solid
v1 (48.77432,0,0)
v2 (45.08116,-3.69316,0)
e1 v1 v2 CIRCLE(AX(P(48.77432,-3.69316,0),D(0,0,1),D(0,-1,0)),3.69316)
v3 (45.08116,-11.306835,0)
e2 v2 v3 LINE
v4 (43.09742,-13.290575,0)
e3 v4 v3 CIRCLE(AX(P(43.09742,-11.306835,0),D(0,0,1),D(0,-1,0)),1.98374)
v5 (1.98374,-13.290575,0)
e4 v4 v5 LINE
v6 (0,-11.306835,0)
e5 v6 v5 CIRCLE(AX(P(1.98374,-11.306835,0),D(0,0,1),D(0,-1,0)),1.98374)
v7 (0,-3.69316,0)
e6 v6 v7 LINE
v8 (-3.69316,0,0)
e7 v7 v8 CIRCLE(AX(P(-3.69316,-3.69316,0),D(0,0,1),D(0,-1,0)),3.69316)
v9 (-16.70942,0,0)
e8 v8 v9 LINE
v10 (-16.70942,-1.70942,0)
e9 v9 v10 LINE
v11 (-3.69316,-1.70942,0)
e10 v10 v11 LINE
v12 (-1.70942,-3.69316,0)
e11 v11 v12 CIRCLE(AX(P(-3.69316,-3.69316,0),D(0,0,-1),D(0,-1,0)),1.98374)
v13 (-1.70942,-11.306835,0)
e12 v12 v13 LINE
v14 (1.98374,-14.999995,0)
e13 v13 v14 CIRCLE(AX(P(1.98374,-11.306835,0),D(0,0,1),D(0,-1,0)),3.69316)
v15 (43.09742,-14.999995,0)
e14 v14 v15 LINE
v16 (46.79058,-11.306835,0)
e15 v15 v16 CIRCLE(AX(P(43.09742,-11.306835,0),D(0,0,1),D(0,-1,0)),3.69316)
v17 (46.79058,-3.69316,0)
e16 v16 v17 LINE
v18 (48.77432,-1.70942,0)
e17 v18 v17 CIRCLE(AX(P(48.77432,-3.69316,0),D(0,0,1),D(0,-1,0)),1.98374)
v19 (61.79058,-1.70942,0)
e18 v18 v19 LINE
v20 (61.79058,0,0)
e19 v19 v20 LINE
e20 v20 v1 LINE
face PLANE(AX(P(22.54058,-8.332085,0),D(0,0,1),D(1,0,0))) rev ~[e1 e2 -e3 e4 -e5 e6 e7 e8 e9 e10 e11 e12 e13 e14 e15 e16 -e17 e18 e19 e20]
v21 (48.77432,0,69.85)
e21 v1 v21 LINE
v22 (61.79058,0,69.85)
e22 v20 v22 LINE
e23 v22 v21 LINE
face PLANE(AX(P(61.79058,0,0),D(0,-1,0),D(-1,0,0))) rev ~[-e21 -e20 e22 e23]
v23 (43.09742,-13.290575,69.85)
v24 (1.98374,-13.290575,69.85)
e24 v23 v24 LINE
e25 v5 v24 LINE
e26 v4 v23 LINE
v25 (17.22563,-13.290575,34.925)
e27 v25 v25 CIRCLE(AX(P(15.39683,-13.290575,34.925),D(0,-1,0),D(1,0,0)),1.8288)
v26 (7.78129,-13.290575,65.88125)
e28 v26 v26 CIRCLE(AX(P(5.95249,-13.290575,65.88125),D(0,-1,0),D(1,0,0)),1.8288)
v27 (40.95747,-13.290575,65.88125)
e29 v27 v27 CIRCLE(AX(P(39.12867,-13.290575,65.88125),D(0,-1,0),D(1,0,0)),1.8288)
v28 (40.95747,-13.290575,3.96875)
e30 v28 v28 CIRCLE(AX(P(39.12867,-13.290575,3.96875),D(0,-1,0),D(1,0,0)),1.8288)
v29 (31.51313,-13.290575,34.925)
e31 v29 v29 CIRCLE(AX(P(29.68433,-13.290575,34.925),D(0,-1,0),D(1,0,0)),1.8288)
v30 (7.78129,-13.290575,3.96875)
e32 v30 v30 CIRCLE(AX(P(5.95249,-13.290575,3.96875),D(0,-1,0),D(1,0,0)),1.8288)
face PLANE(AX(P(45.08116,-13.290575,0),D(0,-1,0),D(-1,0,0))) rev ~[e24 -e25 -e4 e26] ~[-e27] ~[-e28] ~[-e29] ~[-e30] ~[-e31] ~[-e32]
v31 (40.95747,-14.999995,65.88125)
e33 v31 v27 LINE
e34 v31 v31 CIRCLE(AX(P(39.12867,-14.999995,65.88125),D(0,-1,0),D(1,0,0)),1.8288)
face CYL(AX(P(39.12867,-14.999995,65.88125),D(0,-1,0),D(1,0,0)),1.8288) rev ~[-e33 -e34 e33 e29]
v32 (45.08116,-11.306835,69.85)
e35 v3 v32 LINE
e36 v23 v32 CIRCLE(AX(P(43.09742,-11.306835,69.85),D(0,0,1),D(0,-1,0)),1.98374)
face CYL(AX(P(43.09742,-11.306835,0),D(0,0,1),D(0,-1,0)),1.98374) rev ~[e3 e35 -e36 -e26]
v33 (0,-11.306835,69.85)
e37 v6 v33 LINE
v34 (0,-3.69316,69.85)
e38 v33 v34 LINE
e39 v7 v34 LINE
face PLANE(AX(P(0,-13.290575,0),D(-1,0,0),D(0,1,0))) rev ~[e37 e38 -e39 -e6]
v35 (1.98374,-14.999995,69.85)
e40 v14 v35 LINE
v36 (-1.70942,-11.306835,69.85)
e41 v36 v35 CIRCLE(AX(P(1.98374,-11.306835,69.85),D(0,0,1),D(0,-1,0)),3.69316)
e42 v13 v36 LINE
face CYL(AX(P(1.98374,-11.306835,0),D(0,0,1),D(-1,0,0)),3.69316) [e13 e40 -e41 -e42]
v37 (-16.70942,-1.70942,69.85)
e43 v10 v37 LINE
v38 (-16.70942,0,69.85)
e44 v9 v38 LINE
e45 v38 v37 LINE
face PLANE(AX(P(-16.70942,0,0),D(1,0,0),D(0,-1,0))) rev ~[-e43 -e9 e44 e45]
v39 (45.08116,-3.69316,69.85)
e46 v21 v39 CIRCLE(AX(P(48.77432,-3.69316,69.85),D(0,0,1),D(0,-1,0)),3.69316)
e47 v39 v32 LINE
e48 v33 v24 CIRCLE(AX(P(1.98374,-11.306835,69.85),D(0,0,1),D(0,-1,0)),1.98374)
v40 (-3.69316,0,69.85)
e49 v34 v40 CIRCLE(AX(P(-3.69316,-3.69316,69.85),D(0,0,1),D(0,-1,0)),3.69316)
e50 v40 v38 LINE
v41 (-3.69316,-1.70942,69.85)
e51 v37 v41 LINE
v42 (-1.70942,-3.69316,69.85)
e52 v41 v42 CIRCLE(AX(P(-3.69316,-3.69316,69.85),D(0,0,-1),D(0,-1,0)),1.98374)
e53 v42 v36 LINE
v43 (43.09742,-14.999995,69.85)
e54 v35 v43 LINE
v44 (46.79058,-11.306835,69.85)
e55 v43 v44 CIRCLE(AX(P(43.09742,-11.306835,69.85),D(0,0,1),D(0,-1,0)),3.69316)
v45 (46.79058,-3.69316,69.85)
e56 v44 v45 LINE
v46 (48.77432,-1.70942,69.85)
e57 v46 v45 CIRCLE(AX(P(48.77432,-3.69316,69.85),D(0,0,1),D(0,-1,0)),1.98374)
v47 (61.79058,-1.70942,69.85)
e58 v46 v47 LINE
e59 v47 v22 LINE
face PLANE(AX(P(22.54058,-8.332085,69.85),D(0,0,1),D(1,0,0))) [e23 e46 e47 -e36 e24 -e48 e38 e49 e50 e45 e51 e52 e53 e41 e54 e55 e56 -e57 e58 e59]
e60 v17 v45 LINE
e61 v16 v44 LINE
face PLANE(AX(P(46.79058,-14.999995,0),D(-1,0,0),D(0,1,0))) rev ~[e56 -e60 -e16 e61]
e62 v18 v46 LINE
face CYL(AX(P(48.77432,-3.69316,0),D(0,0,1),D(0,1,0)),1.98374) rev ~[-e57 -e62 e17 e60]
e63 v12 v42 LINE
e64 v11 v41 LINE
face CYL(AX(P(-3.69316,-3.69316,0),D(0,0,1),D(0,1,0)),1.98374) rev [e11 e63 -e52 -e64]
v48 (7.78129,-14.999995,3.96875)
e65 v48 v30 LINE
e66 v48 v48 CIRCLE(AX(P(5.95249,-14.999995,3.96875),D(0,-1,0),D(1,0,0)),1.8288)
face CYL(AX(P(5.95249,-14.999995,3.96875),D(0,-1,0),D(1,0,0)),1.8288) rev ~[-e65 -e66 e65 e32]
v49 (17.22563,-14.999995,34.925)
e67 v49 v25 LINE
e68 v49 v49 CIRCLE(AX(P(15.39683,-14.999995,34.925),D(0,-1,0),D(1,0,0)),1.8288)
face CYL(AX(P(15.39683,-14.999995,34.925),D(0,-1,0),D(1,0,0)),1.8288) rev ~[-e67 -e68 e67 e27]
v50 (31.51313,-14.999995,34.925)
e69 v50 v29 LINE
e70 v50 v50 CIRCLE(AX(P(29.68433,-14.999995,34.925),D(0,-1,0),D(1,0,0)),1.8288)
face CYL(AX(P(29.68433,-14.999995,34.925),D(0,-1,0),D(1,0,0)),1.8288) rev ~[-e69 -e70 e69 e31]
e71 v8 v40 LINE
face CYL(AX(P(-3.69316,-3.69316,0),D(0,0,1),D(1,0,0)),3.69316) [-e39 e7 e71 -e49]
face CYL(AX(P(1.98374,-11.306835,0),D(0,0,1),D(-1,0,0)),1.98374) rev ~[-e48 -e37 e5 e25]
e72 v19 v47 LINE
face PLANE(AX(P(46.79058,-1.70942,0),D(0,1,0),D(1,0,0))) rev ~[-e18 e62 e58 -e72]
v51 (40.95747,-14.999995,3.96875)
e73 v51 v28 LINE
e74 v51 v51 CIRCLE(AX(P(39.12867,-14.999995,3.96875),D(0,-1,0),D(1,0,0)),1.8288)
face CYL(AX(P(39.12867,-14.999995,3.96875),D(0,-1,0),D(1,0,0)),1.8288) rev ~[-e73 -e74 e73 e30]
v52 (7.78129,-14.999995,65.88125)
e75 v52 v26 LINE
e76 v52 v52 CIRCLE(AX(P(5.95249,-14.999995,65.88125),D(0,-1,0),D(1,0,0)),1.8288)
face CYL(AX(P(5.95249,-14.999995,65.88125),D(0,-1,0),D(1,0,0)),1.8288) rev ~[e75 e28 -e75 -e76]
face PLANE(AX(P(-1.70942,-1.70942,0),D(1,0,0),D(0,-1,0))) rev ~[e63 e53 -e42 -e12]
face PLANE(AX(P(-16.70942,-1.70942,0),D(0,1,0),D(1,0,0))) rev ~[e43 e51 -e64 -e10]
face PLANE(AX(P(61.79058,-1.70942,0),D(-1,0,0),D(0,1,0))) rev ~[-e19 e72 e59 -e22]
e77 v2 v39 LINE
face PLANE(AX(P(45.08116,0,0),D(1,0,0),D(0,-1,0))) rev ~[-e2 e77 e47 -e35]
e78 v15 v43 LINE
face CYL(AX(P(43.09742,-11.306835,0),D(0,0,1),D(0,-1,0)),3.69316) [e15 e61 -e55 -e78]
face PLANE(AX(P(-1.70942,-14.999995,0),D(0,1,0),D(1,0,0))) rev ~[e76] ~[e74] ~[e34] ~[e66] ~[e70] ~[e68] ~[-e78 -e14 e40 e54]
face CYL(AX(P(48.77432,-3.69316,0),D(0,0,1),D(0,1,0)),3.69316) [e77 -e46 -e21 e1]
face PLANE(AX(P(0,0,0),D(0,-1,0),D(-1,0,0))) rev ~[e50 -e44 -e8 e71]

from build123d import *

# Parameters (mm, degrees)
F1_DEPTH = 69.85
F2_R     = 3.69316
F3_R     = 1.98374
F4_R     = 1.8288
F5_DEPTH = 1.70942


with BuildPart() as f1:
    # F0 (on Top) → F1 (new body)
    with BuildSketch(Plane.XY):
        Polygon((0, -13.290575), (0, 0), (-16.70942, 0), (-16.70942, -1.70942), (-1.70942, -1.70942), (-1.70942, -14.999995), (46.79058, -14.999995), (46.79058, -1.70942), (61.79058, -1.70942), (61.79058, 0), (45.08116, 0), (45.08116, -13.290575), align=None)
    extrude(amount=F1_DEPTH)

    # F2
    f2_edges = [f1.edges().sort_by_distance(p)[0] for p in [
        (46.79058, -14.999995, 34.925),
        (-1.70942, -14.999995, 34.925),
        (0, 0, 34.925),
        (45.08116, 0, 34.925),
    ]]
    fillet(f2_edges, radius=F2_R)

    # F3
    f3_edges = [f1.edges().sort_by_distance(p)[0] for p in [
        (0, -13.290575, 34.925),
        (45.08116, -13.290575, 34.925),
        (46.79058, -1.70942, 34.925),
        (-1.70942, -1.70942, 34.925),
    ]]
    fillet(f3_edges, radius=F3_R)

    # F4 (on face) → F5 (cut, through all)
    with BuildSketch(Plane.XZ.offset(14.999995)):
        with Locations((39.12867, 65.88125)):
            Circle(F4_R)
        with Locations((5.95249, 65.88125)):
            Circle(F4_R)
        with Locations((5.95249, 3.96875)):
            Circle(F4_R)
        with Locations((39.12867, 3.96875)):
            Circle(F4_R)
        with Locations((15.39683, 34.925)):
            Circle(F4_R)
        with Locations((29.68433, 34.925)):
            Circle(F4_R)
    extrude(amount=-F5_DEPTH, mode=Mode.SUBTRACT)


solid = f1.part
